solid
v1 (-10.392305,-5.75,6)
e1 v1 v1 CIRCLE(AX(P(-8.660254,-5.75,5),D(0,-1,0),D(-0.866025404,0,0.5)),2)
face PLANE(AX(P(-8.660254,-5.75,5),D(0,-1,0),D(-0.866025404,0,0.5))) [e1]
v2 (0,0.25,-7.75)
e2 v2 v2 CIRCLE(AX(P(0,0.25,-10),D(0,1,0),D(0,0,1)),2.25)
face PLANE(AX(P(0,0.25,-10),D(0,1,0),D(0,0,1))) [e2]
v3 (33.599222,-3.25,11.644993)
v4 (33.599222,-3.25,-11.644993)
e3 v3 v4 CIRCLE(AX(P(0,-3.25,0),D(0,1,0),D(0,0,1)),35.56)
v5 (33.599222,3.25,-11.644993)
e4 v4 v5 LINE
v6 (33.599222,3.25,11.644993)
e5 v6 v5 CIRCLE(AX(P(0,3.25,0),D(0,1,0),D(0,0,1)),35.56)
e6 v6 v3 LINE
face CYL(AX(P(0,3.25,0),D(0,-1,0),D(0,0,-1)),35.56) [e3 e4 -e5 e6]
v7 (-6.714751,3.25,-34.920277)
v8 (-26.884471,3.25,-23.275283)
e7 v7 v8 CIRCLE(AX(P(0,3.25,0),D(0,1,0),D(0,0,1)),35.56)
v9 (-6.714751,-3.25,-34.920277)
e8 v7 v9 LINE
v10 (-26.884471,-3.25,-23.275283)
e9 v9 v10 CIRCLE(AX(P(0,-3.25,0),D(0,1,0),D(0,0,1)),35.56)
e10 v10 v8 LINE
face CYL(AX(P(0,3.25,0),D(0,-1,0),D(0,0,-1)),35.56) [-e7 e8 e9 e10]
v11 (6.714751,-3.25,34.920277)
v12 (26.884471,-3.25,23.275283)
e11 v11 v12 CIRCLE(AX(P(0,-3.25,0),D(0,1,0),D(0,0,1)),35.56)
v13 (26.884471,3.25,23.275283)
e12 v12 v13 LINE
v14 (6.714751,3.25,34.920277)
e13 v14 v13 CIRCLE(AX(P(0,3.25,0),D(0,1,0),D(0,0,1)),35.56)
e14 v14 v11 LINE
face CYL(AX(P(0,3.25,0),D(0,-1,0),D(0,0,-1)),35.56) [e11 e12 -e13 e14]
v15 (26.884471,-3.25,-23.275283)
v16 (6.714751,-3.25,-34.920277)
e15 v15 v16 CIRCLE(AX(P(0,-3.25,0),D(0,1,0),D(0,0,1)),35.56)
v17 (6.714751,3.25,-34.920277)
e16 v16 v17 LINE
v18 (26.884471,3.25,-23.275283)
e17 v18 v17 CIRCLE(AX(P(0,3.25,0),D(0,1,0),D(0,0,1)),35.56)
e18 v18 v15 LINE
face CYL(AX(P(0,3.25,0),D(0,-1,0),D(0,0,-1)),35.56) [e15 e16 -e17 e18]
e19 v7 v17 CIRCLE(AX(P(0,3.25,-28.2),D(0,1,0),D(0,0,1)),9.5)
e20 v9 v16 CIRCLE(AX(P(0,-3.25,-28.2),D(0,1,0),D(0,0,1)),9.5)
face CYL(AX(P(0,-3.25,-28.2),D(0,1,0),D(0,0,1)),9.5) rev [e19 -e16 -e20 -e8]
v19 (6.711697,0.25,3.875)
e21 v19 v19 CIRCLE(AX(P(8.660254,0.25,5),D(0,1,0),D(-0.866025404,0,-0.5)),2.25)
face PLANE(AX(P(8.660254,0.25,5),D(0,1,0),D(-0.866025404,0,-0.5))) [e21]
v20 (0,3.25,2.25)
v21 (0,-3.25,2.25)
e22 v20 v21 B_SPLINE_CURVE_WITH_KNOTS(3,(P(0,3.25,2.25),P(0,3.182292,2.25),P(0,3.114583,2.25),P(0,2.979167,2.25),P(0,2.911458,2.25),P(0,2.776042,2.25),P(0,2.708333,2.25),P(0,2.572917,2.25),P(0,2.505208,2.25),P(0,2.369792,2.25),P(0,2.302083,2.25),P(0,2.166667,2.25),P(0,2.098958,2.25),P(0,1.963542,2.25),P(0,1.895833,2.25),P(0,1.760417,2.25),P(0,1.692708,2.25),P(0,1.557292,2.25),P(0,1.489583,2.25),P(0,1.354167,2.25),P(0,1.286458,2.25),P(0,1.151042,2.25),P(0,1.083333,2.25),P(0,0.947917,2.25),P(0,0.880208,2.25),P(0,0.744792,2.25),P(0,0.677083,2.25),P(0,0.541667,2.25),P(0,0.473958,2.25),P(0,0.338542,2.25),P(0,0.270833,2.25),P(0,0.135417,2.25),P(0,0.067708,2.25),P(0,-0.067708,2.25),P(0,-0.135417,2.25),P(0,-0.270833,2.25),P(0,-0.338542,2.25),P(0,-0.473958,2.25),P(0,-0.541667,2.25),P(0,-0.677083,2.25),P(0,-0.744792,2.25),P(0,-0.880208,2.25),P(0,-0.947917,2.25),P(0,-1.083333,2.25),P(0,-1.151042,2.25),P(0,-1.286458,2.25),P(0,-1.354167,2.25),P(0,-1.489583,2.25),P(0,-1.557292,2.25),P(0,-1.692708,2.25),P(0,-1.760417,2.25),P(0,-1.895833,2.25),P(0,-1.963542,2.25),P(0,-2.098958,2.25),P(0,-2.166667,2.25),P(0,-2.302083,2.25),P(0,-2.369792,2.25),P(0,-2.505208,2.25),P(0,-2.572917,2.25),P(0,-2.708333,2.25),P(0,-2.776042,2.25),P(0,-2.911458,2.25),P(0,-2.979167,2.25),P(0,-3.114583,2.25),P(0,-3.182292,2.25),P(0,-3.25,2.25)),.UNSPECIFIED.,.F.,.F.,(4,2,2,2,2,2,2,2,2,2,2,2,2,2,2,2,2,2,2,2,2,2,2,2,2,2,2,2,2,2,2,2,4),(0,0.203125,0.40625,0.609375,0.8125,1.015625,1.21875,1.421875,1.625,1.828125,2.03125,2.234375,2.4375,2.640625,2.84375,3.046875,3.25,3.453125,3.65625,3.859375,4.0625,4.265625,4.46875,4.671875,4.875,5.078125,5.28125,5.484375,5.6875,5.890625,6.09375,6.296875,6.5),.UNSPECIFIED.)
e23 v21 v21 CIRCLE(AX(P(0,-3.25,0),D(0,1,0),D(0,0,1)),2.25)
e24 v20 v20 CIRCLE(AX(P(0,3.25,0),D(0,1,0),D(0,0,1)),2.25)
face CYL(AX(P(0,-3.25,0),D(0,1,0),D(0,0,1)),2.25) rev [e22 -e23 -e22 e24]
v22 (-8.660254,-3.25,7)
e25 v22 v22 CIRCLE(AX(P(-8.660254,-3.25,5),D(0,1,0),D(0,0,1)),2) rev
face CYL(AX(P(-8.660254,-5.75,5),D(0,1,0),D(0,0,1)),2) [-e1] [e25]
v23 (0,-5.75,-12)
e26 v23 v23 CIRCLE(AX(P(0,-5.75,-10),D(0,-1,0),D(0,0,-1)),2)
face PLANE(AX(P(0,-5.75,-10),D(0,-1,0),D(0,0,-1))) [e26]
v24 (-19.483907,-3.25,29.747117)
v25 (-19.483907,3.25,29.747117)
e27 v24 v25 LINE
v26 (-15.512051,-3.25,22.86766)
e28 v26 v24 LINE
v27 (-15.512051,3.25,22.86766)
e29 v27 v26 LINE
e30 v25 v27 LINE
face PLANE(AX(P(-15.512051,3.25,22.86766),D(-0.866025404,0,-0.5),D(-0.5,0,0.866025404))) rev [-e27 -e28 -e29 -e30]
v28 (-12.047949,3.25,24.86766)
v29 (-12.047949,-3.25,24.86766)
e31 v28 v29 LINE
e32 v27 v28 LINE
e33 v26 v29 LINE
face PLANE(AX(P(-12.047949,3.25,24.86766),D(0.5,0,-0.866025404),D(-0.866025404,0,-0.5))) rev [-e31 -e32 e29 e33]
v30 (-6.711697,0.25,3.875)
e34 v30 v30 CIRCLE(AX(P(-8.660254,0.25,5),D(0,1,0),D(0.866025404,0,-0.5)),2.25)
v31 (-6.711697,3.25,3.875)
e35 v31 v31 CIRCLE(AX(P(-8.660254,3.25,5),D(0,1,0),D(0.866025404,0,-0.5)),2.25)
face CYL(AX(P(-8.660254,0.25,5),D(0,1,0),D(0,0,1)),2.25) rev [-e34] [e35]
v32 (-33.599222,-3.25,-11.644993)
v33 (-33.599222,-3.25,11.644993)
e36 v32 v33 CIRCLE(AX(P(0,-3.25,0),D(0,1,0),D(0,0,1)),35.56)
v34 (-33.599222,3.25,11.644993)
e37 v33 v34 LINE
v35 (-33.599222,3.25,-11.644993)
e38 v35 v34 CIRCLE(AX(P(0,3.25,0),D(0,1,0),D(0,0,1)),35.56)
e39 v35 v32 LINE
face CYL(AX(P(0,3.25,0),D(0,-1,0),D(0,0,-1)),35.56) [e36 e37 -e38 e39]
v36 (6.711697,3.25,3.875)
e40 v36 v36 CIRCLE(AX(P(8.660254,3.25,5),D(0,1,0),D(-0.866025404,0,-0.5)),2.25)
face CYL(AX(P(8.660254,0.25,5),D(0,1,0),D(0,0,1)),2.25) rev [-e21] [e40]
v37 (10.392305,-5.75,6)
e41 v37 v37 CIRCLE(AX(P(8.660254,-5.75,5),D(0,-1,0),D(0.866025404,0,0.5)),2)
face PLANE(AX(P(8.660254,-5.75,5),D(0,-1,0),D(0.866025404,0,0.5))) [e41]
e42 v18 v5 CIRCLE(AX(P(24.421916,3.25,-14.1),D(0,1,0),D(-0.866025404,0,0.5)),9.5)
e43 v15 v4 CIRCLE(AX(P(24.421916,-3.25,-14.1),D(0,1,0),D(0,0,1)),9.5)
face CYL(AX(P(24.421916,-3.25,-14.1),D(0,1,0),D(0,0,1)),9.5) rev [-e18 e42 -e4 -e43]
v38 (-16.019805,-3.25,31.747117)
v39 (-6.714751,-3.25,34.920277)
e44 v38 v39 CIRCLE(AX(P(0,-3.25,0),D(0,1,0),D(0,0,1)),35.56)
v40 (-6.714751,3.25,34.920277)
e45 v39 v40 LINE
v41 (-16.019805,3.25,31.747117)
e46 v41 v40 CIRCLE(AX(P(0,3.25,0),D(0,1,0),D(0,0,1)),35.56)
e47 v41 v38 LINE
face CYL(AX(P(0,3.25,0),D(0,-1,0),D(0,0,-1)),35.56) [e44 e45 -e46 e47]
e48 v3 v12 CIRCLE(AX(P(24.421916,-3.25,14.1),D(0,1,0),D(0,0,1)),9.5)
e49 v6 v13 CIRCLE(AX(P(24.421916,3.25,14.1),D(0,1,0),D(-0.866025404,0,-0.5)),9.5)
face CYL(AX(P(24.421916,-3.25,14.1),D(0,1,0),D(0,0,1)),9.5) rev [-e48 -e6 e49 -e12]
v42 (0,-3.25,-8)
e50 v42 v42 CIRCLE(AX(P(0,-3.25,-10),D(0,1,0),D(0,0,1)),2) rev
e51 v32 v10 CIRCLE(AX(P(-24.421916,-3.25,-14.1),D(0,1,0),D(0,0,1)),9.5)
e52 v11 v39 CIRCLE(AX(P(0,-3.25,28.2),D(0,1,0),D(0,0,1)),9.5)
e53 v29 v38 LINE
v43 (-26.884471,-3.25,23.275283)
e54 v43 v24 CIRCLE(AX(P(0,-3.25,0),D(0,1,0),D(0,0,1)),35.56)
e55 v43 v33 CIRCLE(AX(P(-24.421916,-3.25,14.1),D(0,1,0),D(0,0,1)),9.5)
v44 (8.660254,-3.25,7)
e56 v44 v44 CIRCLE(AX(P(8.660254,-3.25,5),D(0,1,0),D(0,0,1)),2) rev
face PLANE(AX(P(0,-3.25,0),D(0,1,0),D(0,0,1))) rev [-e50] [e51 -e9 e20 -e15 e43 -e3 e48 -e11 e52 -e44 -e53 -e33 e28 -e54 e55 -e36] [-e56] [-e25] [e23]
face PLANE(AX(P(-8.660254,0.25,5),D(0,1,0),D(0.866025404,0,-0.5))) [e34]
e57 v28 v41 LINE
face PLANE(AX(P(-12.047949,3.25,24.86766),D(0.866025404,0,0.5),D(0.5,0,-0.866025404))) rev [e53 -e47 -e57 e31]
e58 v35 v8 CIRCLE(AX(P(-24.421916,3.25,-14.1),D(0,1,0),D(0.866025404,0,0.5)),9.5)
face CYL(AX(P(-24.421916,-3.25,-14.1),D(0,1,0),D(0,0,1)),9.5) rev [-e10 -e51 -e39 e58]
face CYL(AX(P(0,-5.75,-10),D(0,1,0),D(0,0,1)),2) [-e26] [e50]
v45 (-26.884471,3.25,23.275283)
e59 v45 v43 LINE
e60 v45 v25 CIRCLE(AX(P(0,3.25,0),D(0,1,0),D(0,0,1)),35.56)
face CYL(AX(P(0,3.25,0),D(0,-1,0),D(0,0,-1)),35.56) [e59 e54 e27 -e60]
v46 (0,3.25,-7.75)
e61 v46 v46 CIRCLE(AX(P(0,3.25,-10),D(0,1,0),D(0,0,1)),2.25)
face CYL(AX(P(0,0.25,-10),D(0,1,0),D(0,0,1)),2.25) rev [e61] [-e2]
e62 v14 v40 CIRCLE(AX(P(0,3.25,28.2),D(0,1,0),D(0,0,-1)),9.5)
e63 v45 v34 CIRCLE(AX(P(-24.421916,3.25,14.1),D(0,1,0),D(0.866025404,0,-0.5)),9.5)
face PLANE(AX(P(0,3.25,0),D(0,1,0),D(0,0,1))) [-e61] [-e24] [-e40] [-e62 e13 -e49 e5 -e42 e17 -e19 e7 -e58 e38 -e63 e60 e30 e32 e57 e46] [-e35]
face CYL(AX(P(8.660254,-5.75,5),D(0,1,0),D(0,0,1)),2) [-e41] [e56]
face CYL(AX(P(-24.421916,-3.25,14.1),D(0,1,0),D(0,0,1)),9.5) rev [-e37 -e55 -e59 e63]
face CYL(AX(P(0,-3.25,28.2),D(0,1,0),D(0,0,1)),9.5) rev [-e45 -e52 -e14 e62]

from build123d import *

# Parameters (mm, degrees)
SKETCH1_R               = 35.56
BOSS_EXTRUDE1_DEPTH     = 3.25
SKETCH2_R               = 9.5
CUT_EXTRUDE1_DEPTH      = 51.707762719
CIRPATTERN1_COUNT       = 6
SKETCH3_R               = 2.25
CUT_EXTRUDE2_DEPTH      = 3
CIRPATTERN2_COUNT       = 3
CUT_EXTRUDE3_DEPTH      = 51.261210864
CUT_EXTRUDE3_DEPTH_BACK = 51.261210864
SKETCH4_R               = 2.25
SKETCH5_R               = 2
BOSS_EXTRUDE2_DEPTH     = 2.5
CIRPATTERN3_COUNT       = 3
CUT_EXTRUDE4_DEPTH      = 51.261210864


with BuildPart() as part:
    # Sketch1 → Boss-Extrude1 (new, symmetric)
    with BuildSketch(Plane(origin=(0, 0, 0), x_dir=(1, 0, 0), z_dir=(0, 1, 0))):
        with Locations(Location((0, 0, 0), (0, 0, 90))):
            Circle(SKETCH1_R)
    extrude(amount=BOSS_EXTRUDE1_DEPTH, both=True)

    # Sketch2 → Cut-Extrude1 (cut, through all)
    with BuildSketch(Plane(origin=(0, 3.25, 0), x_dir=(1, 0, 0), z_dir=(0, 1, 0))):
        with Locations((0, 28.2)):
            Circle(SKETCH2_R)
    cut_extrude1 = extrude(amount=-CUT_EXTRUDE1_DEPTH, mode=Mode.SUBTRACT)

    # CirPattern1: Cut-Extrude1 ×6 about axis
    cirpattern1_axis = Axis((0, 0, 0), (0, 1, 0))
    for i in range(1, CIRPATTERN1_COUNT):
        add(cut_extrude1.rotate(cirpattern1_axis, i * 360 / CIRPATTERN1_COUNT), mode=Mode.SUBTRACT)

    # Sketch3 → Cut-Extrude2 (cut)
    with BuildSketch(Plane(origin=(0, 3.25, 0), x_dir=(1, 0, 0), z_dir=(0, 1, 0))):
        with Locations(Location((0, 10, 0), (0, 0, 270))):
            Circle(SKETCH3_R)
    cut_extrude2 = extrude(amount=-CUT_EXTRUDE2_DEPTH, mode=Mode.SUBTRACT)

    # CirPattern2: Cut-Extrude2 ×3 about axis
    cirpattern2_axis = Axis((0, 0, 0), (0, 1, 0))
    for i in range(1, CIRPATTERN2_COUNT):
        add(cut_extrude2.rotate(cirpattern2_axis, i * 360 / CIRPATTERN2_COUNT), mode=Mode.SUBTRACT)

    # Sketch4 → Cut-Extrude3 (cut, two sides: drawn at the far end of the back side and taken through both)
    with BuildSketch(Plane(origin=(0, 3.25, 0), x_dir=(1, 0, 0), z_dir=(0, 1, 0)).offset(-CUT_EXTRUDE3_DEPTH_BACK)):
        with Locations(Location((0, 0, 0), (0, 0, 270))):
            Circle(SKETCH4_R)
    extrude(amount=CUT_EXTRUDE3_DEPTH + CUT_EXTRUDE3_DEPTH_BACK, mode=Mode.SUBTRACT)

    # Sketch5 → Boss-Extrude2 (add)
    with BuildSketch(Plane(origin=(0, -3.25, 0), x_dir=(-1, 0, 0), z_dir=(0, -1, 0))):
        with Locations(Location((0, 10, 0), (0, 0, 270))):
            Circle(SKETCH5_R)
    boss_extrude2 = extrude(amount=BOSS_EXTRUDE2_DEPTH)

    # CirPattern3: Boss-Extrude2 ×3 about axis
    cirpattern3_axis = Axis((0, 0, 0), (0, 1, 0))
    for i in range(1, CIRPATTERN3_COUNT):
        add(boss_extrude2.rotate(cirpattern3_axis, i * 360 / CIRPATTERN3_COUNT))

    # Sketch6 → Cut-Extrude4 (cut, through all)
    with BuildSketch(Plane.XZ.offset(3.25)):
        Polygon((-12.047949192, 24.867660128), (-15.512050808, 22.867660128), (-19.512050808, 29.795863359), (-16.047949192, 31.795863359), align=None)
    extrude(amount=-CUT_EXTRUDE4_DEPTH, mode=Mode.SUBTRACT)


solid = part.part
